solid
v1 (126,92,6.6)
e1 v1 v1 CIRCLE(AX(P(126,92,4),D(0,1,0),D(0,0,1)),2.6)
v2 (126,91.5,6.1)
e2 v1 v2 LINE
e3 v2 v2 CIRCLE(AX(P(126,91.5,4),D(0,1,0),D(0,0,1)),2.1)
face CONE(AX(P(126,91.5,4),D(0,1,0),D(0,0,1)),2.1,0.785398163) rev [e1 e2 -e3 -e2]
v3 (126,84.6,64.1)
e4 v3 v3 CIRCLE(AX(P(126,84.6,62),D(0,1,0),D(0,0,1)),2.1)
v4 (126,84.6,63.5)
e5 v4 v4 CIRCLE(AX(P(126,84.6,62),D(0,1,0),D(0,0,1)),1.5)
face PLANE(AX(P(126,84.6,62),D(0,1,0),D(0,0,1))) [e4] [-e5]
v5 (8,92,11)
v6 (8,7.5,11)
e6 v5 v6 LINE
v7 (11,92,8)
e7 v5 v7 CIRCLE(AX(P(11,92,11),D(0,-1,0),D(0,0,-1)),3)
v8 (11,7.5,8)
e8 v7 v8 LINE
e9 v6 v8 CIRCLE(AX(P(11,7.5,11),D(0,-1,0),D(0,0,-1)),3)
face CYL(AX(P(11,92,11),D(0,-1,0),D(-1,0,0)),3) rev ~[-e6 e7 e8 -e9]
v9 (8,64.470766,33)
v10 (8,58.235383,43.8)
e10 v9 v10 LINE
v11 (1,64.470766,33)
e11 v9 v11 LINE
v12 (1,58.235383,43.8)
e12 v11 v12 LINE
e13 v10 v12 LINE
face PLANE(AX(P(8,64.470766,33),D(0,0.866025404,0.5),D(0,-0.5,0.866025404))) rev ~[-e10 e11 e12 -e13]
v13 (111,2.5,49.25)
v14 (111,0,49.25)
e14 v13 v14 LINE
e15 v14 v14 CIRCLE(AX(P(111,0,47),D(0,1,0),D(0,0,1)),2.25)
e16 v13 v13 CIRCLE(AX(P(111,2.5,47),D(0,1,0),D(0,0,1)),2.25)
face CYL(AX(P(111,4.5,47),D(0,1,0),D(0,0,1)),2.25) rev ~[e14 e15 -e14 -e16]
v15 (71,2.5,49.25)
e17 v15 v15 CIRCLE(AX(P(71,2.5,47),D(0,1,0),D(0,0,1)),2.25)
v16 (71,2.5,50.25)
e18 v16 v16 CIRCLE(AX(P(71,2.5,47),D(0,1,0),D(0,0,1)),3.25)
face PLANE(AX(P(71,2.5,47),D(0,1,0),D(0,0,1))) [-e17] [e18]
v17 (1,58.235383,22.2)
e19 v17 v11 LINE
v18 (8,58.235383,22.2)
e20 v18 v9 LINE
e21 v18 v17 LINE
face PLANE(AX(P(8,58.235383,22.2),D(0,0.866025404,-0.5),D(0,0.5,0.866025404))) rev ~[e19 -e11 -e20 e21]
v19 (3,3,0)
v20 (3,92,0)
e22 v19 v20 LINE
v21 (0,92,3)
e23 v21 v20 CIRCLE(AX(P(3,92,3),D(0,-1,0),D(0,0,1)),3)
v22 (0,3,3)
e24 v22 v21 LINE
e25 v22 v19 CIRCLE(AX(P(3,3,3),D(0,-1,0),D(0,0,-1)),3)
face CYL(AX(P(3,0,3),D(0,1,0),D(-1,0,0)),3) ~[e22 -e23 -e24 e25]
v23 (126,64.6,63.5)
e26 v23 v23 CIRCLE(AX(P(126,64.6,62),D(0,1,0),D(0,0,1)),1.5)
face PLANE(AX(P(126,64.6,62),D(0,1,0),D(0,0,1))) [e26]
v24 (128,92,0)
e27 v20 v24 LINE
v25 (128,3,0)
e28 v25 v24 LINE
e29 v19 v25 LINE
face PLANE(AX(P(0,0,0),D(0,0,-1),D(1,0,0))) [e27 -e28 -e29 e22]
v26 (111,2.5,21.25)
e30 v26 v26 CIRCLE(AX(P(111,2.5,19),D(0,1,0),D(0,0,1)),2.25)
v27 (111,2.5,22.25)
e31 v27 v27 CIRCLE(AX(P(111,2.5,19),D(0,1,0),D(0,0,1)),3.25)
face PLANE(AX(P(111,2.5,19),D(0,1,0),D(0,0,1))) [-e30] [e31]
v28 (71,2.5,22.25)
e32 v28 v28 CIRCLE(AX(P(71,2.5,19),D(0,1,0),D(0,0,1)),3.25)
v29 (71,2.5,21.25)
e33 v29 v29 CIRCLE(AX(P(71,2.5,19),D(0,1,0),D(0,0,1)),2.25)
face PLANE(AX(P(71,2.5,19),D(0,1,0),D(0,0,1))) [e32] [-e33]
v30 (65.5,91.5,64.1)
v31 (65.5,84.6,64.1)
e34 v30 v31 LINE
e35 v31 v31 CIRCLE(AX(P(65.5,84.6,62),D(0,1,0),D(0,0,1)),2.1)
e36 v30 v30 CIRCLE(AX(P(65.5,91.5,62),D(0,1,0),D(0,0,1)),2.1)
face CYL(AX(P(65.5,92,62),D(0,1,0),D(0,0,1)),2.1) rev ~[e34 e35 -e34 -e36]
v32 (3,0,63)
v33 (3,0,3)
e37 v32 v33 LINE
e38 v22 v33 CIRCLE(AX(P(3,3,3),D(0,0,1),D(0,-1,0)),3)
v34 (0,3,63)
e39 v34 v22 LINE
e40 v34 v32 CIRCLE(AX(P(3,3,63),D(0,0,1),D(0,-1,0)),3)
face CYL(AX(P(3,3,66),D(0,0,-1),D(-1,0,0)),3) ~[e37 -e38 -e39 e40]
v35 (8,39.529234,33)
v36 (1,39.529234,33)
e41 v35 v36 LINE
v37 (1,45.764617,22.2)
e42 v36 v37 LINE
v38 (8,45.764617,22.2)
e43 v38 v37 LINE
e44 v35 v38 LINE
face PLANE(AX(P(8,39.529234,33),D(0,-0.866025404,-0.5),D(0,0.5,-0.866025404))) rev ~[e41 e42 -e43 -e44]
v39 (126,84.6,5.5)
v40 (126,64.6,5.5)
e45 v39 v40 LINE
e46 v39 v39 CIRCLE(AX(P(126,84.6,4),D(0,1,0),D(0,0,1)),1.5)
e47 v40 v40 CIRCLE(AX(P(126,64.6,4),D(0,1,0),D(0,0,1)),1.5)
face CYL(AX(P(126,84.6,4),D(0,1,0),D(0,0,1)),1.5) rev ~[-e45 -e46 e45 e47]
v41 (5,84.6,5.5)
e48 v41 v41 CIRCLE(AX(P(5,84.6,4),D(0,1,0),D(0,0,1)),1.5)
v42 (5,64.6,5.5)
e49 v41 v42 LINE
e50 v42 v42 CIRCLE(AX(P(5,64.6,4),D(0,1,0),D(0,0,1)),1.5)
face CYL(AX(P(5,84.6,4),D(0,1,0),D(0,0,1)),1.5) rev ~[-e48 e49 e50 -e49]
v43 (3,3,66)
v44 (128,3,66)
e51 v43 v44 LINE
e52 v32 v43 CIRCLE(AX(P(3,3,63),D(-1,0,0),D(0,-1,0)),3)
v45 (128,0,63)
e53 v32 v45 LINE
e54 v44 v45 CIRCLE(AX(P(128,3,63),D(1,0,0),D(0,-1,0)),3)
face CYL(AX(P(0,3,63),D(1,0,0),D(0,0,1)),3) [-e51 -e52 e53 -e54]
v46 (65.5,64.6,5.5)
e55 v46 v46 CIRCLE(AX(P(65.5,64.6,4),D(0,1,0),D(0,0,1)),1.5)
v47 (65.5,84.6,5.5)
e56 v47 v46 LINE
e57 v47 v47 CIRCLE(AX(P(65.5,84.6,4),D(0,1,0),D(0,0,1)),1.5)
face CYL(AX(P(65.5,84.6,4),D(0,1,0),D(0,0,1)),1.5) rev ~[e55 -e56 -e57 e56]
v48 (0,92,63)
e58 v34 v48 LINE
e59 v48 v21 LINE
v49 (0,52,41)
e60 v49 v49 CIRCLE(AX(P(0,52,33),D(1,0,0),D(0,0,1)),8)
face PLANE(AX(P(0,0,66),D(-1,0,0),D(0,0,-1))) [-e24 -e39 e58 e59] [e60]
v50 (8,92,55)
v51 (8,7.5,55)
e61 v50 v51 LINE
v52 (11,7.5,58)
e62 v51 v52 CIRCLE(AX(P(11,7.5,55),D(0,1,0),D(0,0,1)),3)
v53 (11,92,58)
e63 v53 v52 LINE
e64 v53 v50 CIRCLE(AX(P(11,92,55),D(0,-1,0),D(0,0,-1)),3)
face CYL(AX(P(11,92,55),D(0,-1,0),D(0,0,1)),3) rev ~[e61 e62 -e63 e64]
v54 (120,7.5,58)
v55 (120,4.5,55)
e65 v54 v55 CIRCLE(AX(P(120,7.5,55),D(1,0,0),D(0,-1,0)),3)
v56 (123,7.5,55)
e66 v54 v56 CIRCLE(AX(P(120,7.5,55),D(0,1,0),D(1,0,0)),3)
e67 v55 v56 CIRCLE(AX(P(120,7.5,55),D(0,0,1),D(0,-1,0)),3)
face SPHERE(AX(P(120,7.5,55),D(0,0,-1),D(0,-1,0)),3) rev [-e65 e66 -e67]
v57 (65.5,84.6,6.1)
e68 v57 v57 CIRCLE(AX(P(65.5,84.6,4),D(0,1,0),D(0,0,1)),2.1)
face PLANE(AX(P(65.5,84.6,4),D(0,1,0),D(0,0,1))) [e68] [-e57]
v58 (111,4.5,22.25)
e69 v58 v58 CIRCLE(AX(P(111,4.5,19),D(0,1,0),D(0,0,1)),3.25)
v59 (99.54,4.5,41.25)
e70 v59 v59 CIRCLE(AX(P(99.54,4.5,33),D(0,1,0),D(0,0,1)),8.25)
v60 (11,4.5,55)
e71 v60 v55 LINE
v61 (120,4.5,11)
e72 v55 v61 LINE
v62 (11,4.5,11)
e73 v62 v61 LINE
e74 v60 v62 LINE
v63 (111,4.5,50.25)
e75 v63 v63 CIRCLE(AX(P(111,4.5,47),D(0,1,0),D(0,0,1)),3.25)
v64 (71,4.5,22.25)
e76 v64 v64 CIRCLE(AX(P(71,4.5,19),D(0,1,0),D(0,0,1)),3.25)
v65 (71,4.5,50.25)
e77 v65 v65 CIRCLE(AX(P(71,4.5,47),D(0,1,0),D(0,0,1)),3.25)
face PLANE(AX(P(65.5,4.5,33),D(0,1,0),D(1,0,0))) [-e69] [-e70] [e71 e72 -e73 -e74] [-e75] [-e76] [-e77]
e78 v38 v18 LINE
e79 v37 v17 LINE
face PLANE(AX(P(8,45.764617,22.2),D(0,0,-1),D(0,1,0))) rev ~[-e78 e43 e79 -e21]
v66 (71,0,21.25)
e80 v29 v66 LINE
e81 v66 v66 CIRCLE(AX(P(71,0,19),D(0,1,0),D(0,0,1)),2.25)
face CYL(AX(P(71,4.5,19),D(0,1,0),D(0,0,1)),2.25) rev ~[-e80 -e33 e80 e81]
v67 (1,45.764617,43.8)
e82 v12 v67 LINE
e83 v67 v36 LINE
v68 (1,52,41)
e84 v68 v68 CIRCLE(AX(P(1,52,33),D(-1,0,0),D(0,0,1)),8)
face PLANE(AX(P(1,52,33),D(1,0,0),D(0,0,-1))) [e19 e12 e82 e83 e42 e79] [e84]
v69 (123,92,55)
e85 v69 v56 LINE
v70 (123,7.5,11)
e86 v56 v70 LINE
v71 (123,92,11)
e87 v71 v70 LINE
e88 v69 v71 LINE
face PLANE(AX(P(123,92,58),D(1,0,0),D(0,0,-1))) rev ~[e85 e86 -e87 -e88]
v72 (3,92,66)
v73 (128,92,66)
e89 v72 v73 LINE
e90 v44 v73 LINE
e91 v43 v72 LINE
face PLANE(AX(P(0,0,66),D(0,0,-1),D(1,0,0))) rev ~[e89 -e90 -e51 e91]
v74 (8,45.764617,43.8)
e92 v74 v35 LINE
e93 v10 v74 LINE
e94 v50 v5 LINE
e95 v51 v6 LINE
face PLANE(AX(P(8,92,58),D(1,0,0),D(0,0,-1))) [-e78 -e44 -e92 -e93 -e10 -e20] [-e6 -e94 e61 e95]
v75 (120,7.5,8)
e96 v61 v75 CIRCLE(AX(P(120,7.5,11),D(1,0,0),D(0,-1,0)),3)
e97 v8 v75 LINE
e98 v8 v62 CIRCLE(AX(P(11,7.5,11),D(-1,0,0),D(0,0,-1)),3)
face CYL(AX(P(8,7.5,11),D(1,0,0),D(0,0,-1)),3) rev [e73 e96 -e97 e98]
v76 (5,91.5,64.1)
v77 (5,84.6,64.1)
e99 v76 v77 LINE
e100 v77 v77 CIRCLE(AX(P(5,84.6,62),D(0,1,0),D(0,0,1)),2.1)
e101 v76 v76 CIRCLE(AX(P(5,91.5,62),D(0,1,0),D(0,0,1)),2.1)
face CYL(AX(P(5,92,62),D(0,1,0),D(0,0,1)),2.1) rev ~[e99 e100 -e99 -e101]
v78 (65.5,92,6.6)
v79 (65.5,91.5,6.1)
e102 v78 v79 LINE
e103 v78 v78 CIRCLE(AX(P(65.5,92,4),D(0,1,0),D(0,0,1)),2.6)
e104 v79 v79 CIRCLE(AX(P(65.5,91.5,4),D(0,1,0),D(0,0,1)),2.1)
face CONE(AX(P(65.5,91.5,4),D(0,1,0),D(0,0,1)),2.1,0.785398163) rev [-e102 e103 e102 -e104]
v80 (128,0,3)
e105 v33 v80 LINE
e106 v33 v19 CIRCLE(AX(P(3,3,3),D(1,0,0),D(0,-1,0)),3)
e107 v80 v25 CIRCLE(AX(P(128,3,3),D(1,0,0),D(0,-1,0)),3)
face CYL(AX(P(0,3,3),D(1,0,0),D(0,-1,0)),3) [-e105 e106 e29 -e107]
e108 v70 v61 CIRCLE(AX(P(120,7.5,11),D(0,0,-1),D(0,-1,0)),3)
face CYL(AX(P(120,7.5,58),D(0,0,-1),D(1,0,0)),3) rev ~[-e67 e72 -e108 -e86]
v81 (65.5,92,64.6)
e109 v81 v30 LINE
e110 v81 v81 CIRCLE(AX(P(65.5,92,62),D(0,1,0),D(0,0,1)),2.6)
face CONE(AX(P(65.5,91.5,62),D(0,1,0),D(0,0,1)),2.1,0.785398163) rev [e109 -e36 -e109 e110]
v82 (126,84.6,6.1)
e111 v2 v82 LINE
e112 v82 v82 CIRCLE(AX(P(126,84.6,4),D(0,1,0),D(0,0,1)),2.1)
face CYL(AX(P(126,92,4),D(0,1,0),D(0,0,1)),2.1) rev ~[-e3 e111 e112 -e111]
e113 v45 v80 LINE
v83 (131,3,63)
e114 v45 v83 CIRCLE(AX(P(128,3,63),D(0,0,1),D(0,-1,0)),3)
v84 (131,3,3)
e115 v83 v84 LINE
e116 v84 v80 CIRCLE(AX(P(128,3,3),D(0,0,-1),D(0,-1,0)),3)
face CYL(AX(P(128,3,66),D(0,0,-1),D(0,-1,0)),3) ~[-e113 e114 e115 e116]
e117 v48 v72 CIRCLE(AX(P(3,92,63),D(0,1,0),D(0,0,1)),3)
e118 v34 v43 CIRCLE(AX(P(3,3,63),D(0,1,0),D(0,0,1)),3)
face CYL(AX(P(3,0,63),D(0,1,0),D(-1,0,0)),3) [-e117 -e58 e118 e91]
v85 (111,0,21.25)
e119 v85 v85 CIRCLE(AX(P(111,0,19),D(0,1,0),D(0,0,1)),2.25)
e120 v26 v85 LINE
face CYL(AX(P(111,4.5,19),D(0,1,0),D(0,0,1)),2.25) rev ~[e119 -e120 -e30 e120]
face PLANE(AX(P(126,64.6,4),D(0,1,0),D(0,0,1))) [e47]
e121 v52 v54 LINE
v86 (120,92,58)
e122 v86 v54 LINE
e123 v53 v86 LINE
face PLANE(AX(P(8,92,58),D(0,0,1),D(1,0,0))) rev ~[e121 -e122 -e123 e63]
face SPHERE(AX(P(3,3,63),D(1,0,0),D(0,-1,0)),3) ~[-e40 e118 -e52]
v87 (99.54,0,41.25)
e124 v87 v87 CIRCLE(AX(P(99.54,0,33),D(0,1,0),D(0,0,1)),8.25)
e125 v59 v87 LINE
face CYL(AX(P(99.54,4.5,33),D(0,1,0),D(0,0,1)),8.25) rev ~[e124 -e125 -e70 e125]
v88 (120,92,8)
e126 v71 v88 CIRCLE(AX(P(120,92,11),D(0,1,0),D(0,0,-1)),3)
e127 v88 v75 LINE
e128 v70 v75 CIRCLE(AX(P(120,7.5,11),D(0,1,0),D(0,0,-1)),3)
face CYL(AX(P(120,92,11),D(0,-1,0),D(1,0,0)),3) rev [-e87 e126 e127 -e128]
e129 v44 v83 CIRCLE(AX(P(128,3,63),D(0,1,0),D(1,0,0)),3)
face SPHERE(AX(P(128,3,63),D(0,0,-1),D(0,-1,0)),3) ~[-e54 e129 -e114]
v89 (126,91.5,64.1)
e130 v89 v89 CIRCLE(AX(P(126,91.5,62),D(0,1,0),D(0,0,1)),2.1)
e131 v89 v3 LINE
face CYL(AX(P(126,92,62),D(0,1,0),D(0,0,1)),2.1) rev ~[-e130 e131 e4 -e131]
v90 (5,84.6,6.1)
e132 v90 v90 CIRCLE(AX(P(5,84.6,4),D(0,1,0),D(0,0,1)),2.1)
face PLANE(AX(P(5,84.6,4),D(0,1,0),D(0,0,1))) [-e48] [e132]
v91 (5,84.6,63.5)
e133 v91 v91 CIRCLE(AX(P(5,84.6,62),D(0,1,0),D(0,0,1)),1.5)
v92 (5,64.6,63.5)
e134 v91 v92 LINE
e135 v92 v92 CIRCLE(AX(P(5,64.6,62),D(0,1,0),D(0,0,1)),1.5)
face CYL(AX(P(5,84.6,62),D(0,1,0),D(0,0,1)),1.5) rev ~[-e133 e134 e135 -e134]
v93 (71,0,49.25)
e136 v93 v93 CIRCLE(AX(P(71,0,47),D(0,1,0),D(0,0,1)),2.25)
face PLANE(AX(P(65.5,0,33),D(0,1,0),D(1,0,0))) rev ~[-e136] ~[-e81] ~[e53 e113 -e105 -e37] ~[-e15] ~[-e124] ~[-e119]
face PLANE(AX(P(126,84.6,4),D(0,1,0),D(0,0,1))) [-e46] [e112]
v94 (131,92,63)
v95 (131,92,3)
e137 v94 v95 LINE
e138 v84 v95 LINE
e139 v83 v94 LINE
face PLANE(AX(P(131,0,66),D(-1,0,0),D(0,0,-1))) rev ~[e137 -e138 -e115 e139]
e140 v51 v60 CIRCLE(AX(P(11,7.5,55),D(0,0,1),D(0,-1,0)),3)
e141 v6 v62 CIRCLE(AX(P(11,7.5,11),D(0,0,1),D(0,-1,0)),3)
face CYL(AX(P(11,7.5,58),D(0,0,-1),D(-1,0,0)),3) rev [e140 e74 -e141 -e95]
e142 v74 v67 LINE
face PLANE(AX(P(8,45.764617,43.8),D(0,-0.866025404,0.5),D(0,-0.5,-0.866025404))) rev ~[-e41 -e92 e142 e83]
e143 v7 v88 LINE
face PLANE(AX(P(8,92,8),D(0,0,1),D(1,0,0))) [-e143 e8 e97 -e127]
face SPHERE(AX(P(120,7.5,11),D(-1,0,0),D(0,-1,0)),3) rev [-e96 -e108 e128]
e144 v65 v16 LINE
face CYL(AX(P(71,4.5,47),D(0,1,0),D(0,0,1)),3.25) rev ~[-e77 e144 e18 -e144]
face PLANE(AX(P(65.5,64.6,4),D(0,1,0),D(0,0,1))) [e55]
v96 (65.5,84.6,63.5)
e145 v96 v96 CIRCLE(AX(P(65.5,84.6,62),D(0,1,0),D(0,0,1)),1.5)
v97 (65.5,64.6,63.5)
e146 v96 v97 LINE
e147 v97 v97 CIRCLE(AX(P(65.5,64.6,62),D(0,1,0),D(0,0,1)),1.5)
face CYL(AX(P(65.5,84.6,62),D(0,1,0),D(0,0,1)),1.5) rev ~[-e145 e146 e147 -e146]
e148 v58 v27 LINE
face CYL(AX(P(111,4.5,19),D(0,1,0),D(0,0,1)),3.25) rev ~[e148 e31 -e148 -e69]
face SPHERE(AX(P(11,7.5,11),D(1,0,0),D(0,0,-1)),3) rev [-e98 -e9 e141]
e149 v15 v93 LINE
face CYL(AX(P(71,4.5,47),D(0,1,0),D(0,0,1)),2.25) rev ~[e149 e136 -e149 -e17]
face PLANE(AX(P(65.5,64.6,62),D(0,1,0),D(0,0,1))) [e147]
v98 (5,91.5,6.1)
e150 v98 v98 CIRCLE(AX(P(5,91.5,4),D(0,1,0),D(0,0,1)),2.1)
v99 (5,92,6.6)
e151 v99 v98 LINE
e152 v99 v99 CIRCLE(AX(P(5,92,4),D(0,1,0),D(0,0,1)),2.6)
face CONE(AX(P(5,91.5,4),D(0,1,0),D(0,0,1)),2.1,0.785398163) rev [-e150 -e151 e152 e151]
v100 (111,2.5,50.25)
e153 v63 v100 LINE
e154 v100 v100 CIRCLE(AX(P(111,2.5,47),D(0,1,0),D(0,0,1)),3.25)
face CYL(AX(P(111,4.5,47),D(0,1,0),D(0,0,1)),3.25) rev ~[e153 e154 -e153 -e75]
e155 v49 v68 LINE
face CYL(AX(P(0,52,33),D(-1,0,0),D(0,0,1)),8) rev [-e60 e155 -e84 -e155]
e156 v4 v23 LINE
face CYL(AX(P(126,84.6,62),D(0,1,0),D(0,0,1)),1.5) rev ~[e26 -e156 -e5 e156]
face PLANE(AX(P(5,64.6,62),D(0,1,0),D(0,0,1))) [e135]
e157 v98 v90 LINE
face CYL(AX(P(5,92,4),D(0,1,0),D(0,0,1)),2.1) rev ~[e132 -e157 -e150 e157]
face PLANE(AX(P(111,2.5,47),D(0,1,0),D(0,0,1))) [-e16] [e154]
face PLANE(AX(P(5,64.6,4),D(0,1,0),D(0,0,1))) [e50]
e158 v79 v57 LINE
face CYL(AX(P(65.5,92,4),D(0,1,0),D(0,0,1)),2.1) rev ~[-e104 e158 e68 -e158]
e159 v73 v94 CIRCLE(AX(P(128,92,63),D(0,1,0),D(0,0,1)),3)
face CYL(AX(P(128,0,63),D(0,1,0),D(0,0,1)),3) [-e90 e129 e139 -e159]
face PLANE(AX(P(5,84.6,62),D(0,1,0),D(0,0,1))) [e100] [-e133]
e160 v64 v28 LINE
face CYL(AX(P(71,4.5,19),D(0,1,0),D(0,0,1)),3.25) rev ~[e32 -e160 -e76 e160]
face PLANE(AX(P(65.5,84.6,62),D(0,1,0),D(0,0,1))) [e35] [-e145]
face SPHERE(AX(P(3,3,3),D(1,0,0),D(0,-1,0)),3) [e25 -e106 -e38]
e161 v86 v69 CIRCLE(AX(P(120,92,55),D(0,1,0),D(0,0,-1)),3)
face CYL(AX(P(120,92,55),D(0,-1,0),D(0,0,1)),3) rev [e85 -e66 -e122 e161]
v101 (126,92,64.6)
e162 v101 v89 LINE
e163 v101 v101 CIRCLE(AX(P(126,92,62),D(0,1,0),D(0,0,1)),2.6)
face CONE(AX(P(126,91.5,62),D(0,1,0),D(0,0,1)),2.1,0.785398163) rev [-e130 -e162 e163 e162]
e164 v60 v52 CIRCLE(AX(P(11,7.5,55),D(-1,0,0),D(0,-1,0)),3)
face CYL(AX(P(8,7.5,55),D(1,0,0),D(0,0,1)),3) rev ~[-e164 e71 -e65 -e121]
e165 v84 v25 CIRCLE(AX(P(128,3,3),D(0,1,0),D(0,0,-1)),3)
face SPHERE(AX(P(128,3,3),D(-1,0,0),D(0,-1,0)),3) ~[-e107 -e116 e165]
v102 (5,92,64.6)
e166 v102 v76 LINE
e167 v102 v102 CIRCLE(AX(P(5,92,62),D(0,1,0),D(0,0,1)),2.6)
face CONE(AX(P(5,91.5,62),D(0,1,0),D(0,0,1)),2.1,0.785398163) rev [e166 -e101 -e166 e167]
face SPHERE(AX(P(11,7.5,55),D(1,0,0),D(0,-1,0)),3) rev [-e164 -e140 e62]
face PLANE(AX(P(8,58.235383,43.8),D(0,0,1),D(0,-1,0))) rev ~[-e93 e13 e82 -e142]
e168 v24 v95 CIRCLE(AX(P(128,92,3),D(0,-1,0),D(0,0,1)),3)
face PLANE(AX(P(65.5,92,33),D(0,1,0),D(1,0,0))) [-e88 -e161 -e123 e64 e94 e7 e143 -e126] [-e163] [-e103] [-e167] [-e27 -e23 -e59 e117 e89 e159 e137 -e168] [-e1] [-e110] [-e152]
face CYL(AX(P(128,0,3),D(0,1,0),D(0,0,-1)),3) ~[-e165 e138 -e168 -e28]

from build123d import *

# Parameters (mm, degrees)
SKETCH1_W           = 131
SKETCH1_H           = 66
BOSS_EXTRUDE1_DEPTH = 92
SKETCH10_W          = 115
SKETCH10_H          = 50
CUT_EXTRUDE7_DEPTH  = 87.5
SKETCH2_R           = 2.25
CUT_EXTRUDE1_DEPTH  = 171.801785705
SKETCH3_R           = 5
CUT_EXTRUDE2_DEPTH  = 171.801785705
SKETCH6_R           = 2.1
CUT_EXTRUDE5_DEPTH  = 7.4
CUT_EXTRUDE9_REACH  = 183.246
SKETCH17_R          = 8
SKETCH19_R          = 1.5
CUT_EXTRUDE12_DEPTH = 20
CUT_EXTRUDE13_DEPTH = 7
SKETCH7_R           = 8.25
SKETCH7_R_2         = 5
CUT_EXTRUDE14_DEPTH = 4.5
SKETCH24_R          = 3.25
CUT_EXTRUDE15_DEPTH = 2
FILLET1_R           = 3
CHAMFER1_SIZE       = 0.5


with BuildPart() as part:
    # Sketch1 → Boss-Extrude1 (new body)
    with BuildSketch(Plane(origin=(0, 0, 0), x_dir=(1, 0, 0), z_dir=(0, 1, 0))):
        with Locations((65.5, -33)):
            Rectangle(SKETCH1_W, SKETCH1_H)
    extrude(amount=BOSS_EXTRUDE1_DEPTH)

    # Sketch10 → Cut-Extrude7 (cut)
    with BuildSketch(Plane(origin=(0, 92, 0), x_dir=(1, 0, 0), z_dir=(0, 1, 0))):
        with Locations((65.5, -33)):
            Rectangle(SKETCH10_W, SKETCH10_H)
    extrude(amount=-CUT_EXTRUDE7_DEPTH, mode=Mode.SUBTRACT)

    # Sketch2 → Cut-Extrude1 (cut, through all)
    with BuildSketch(Plane(origin=(0, 4.5, 0), x_dir=(1, 0, 0), z_dir=(0, 1, 0))):
        with Locations(Location((71, -19, 0), (0, 0, 270))):
            Circle(SKETCH2_R)
        with Locations(Location((111, -19, 0), (0, 0, 270))):
            Circle(SKETCH2_R)
        with Locations(Location((71, -47, 0), (0, 0, 270))):
            Circle(SKETCH2_R)
        with Locations(Location((111, -47, 0), (0, 0, 270))):
            Circle(SKETCH2_R)
    extrude(amount=-CUT_EXTRUDE1_DEPTH, mode=Mode.SUBTRACT)

    # Sketch3 → Cut-Extrude2 (cut, through all)
    with BuildSketch(Plane(origin=(0, 4.5, 0), x_dir=(1, 0, 0), z_dir=(0, 1, 0))):
        with Locations(Location((99.54, -33, 0), (0, 0, 270))):
            Circle(SKETCH3_R)
    extrude(amount=-CUT_EXTRUDE2_DEPTH, mode=Mode.SUBTRACT)

    # Sketch6 → Cut-Extrude5 (cut)
    with BuildSketch(Plane(origin=(0, 92, 0), x_dir=(1, 0, 0), z_dir=(0, 1, 0))):
        with Locations(Location((126, -62, 0), (0, 0, 270))):
            Circle(SKETCH6_R)
        with Locations(Location((5, -62, 0), (0, 0, 270))):
            Circle(SKETCH6_R)
        with Locations(Location((5, -4, 0), (0, 0, 270))):
            Circle(SKETCH6_R)
        with Locations(Location((126, -4, 0), (0, 0, 270))):
            Circle(SKETCH6_R)
        with Locations(Location((65.5, -4, 0), (0, 0, 270))):
            Circle(SKETCH6_R)
        with Locations(Location((65.5, -62, 0), (0, 0, 270))):
            Circle(SKETCH6_R)
    extrude(amount=-CUT_EXTRUDE5_DEPTH, mode=Mode.SUBTRACT)

    # Sketch17 → Cut-Extrude9 (cut, up to next)
    with BuildSketch(Plane(origin=(0, 0, 85), x_dir=(0, 0, -1), z_dir=(1, 0, 0)), mode=Mode.PRIVATE) as cut_extrude9_sk1:
        with Locations(Location((52, 52, 0), (0, 0, 180))):
            Circle(SKETCH17_R)
    cut_extrude9_tool1 = extrude(cut_extrude9_sk1.sketch, amount=CUT_EXTRUDE9_REACH, mode=Mode.PRIVATE) & part.part
    add(cut_extrude9_tool1.solids().sort_by_distance((0, 52, 33))[0], mode=Mode.SUBTRACT)

    # Sketch19 → Cut-Extrude12 (cut)
    with BuildSketch(Plane(origin=(0, 84.6, 0), x_dir=(1, 0, 0), z_dir=(0, 1, 0))):
        with Locations(Location((5, -4, 0), (0, 0, 270))):
            Circle(SKETCH19_R)
        with Locations(Location((126, -4, 0), (0, 0, 270))):
            Circle(SKETCH19_R)
        with Locations(Location((126, -62, 0), (0, 0, 270))):
            Circle(SKETCH19_R)
        with Locations(Location((5, -62, 0), (0, 0, 270))):
            Circle(SKETCH19_R)
        with Locations(Location((65.5, -4, 0), (0, 0, 270))):
            Circle(SKETCH19_R)
        with Locations(Location((65.5, -62, 0), (0, 0, 270))):
            Circle(SKETCH19_R)
    extrude(amount=-CUT_EXTRUDE12_DEPTH, mode=Mode.SUBTRACT)

    # Sketch23 → Cut-Extrude13 (cut)
    with BuildSketch(Plane(origin=(8, 0, 0), x_dir=(0, 0, -1), z_dir=(1, 0, 0))):
        Polygon((-22.2, 58.235382907), (-33, 64.470765814), (-43.8, 58.235382907), (-43.8, 45.764617093), (-33, 39.529234186), (-22.2, 45.764617093), align=None)
    extrude(amount=-CUT_EXTRUDE13_DEPTH, mode=Mode.SUBTRACT)

    # Sketch7 → Cut-Extrude14 (cut)
    with BuildSketch(Plane(origin=(0, 4.5, 0), x_dir=(1, 0, 0), z_dir=(0, 1, 0))):
        with Locations(Location((99.54, -33, 0), (0, 0, 270))):
            Circle(SKETCH7_R)
        with Locations((99.54, -33)):
            Circle(SKETCH7_R_2, mode=Mode.SUBTRACT)
    extrude(amount=-CUT_EXTRUDE14_DEPTH, mode=Mode.SUBTRACT)

    # Sketch24 → Cut-Extrude15 (cut)
    with BuildSketch(Plane(origin=(0, 4.5, 0), x_dir=(1, 0, 0), z_dir=(0, 1, 0))):
        with Locations(Location((71, -19, 0), (0, 0, 270))):
            Circle(SKETCH24_R)
        with Locations(Location((111, -19, 0), (0, 0, 270))):
            Circle(SKETCH24_R)
        with Locations(Location((71, -47, 0), (0, 0, 270))):
            Circle(SKETCH24_R)
        with Locations(Location((111, -47, 0), (0, 0, 270))):
            Circle(SKETCH24_R)
    extrude(amount=-CUT_EXTRUDE15_DEPTH, mode=Mode.SUBTRACT)

    # Fillet1
    fillet1_edges = [part.edges().sort_by_distance(p)[0] for p in [
        (65.5, 4.5, 8),
        (8, 48.25, 8),
        (123, 4.5, 33),
        (123, 48.25, 8),
        (65.5, 4.5, 58),
        (123, 48.25, 58),
        (8, 4.5, 33),
        (8, 48.25, 58),
        (65.5, 0, 0),
        (131, 0, 33),
        (65.5, 0, 66),
        (0, 0, 33),
        (0, 46, 0),
        (131, 46, 0),
        (131, 46, 66),
        (0, 46, 66),
    ]]
    fillet(fillet1_edges, radius=FILLET1_R)

    # Chamfer1
    chamfer1_edges = [part.edges().sort_by_distance(p)[0] for p in [
        (126, 92, 1.9),
        (5, 92, 59.9),
        (65.5, 92, 1.9),
        (65.5, 92, 59.9),
        (5, 92, 1.9),
        (126, 92, 59.9),
    ]]
    chamfer(chamfer1_edges, length=CHAMFER1_SIZE)


solid = part.part
